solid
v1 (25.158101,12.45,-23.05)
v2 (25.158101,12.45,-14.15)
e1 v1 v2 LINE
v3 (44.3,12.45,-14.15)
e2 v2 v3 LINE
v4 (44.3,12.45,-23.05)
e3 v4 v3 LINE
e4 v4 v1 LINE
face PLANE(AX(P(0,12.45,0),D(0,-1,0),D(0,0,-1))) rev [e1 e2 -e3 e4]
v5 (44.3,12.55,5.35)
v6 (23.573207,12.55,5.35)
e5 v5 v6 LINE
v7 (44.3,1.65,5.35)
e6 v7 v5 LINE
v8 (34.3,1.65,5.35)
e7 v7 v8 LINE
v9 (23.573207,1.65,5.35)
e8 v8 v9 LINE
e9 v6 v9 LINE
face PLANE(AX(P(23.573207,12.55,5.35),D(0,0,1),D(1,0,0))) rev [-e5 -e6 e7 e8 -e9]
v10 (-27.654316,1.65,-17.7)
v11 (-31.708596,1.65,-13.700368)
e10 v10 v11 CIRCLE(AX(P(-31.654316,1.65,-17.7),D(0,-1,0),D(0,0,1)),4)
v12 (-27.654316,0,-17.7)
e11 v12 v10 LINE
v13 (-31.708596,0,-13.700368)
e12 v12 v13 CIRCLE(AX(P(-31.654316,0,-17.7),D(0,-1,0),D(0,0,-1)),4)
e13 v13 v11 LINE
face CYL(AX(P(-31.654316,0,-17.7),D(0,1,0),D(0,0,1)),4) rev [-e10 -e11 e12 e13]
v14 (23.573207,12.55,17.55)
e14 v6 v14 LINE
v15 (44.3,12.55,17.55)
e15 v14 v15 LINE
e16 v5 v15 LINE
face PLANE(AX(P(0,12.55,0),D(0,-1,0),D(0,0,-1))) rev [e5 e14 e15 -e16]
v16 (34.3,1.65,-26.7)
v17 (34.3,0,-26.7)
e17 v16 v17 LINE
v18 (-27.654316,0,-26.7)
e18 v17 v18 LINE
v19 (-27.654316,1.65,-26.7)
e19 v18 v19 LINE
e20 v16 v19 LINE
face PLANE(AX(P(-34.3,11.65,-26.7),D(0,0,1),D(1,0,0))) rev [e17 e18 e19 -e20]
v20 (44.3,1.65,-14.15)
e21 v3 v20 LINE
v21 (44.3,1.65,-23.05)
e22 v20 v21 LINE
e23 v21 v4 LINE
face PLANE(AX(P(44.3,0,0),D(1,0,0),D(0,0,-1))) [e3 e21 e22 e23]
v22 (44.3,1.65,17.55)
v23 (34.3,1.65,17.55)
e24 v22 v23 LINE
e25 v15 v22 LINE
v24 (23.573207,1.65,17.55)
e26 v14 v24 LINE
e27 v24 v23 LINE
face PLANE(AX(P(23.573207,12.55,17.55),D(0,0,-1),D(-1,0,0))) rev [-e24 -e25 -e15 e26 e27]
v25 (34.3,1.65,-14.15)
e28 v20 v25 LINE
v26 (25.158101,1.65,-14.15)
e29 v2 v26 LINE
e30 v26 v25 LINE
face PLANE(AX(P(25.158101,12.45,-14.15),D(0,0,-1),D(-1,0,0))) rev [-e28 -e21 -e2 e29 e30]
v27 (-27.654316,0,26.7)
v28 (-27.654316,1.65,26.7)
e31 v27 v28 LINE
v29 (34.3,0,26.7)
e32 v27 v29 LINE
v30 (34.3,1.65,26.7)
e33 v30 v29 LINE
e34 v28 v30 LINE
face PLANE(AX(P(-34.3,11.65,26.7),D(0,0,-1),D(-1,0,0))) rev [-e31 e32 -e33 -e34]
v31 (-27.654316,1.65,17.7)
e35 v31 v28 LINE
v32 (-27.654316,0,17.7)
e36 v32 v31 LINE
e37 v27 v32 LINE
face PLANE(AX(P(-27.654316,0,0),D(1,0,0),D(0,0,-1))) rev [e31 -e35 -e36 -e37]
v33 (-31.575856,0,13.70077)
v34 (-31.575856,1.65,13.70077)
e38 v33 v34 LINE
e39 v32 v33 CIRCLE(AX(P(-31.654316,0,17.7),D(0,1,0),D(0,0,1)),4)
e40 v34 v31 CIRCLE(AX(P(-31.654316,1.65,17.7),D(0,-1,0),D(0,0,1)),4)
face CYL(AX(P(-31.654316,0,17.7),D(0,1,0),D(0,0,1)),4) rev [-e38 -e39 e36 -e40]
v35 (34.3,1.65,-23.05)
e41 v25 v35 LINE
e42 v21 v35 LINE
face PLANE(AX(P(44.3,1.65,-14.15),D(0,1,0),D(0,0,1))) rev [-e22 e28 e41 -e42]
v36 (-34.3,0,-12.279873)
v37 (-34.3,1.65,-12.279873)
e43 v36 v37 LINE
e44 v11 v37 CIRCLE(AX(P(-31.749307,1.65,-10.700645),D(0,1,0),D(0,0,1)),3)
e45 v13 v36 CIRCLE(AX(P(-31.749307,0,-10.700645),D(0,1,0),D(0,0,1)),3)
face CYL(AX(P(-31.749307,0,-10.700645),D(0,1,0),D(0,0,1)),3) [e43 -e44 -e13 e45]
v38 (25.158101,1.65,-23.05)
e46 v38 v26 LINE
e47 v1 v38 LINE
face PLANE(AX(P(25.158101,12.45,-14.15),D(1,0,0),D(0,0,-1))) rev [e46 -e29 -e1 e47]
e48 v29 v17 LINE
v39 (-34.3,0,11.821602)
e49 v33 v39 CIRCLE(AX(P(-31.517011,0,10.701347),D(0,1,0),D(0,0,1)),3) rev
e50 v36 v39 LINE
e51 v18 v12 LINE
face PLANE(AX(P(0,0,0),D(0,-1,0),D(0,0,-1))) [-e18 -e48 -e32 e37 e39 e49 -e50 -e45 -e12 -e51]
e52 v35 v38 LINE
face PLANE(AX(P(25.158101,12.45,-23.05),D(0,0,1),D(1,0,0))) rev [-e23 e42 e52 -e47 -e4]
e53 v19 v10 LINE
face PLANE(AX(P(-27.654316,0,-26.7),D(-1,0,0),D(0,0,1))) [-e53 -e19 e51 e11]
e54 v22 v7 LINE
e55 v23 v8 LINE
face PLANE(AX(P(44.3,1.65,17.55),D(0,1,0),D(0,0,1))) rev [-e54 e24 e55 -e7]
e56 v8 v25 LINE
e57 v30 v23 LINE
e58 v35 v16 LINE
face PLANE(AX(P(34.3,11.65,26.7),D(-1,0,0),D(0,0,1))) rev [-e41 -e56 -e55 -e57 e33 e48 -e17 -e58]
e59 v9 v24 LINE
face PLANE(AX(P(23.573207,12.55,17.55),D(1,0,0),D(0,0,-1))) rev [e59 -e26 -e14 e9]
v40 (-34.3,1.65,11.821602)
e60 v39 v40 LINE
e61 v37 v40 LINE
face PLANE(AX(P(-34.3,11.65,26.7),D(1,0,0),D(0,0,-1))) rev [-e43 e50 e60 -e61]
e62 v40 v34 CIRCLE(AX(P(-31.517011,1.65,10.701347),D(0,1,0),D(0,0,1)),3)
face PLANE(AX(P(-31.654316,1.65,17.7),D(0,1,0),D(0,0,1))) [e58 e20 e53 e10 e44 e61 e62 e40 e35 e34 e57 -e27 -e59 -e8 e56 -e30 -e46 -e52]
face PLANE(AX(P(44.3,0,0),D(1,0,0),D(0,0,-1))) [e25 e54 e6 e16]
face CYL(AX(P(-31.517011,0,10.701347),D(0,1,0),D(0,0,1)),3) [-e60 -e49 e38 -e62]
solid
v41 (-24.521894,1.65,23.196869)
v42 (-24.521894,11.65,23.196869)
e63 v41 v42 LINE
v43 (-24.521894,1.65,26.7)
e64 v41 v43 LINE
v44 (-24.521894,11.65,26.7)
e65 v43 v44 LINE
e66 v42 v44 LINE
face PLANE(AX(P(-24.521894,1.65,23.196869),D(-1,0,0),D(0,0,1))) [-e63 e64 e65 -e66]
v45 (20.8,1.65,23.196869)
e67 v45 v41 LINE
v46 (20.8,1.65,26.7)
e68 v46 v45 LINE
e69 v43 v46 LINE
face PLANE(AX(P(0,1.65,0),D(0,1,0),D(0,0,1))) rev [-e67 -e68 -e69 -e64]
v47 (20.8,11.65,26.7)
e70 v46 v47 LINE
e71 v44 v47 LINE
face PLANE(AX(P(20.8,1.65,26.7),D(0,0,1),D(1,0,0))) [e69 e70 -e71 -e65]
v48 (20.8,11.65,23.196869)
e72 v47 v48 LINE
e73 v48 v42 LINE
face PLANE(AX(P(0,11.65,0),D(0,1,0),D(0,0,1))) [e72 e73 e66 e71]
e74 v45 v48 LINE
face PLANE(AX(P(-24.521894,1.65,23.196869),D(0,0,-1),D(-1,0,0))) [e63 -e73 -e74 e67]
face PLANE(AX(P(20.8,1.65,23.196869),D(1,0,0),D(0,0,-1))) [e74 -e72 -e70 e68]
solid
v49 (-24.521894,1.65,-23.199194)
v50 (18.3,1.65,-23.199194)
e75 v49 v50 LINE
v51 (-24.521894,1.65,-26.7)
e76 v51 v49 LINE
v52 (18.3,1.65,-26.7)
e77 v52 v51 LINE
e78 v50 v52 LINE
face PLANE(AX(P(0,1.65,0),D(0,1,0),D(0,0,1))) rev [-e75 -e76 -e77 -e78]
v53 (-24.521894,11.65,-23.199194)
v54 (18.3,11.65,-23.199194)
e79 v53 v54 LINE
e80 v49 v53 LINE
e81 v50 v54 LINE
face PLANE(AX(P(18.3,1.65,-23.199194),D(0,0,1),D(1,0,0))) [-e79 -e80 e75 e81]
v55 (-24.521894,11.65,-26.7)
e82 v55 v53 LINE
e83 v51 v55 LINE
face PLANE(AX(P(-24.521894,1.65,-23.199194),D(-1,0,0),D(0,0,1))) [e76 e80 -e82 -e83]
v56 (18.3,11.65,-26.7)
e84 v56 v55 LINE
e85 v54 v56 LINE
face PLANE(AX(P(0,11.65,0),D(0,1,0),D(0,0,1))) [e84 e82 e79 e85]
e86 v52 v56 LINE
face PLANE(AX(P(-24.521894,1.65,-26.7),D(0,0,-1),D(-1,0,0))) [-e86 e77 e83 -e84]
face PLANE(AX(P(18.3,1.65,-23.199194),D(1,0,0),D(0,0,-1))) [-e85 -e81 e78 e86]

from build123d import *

# Parameters (mm, degrees)
SKETCH1_W             = 68.6
SKETCH1_H             = 53.4
BOSS_EXTRUDE1_DEPTH   = 11.65
CUT_EXTRUDE1_DEPTH    = 11.65
CUT_EXTRUDE29_DEPTH   = 10
SKETCH3_W             = 45.321894132
SKETCH3_H             = 3.5031306
BOSS_EXTRUDE2_DEPTH   = 10
SKETCH3_W_2           = 42.821894132
SKETCH3_H_2           = 3.500805672
BOSS_EXTRUDE2_2_DEPTH = 10
SKETCH9_W             = 10.72679272
SKETCH9_H             = 12.2
BOSS_EXTRUDE3_DEPTH   = 10.9
SKETCH10_W            = 12.2
SKETCH10_H            = 10.9
BOSS_EXTRUDE4_DEPTH   = 10
SKETCH11_W            = 9.141898724
SKETCH11_H            = 8.9
BOSS_EXTRUDE5_DEPTH   = 10.8
SKETCH12_W            = 8.9
SKETCH12_H            = 10.8
BOSS_EXTRUDE6_DEPTH   = 10


with BuildPart() as part:
    # Sketch1 → Boss-Extrude1 (new body)
    with BuildSketch(Plane(origin=(0, 0, 0), x_dir=(1, 0, 0), z_dir=(0, 1, 0))):
        Rectangle(SKETCH1_W, SKETCH1_H)
    extrude(amount=BOSS_EXTRUDE1_DEPTH)

    # Sketch2 → Cut-Extrude1 (cut)
    with BuildSketch(Plane(origin=(0, 11.65, 0), x_dir=(1, 0, 0), z_dir=(0, 1, 0))):
        with BuildLine():
            Line((-34.3, -26.7), (-27.654315978, -26.7))
            Line((-27.654315978, -26.7), (-27.654315978, -17.7))
            ThreePointArc((-27.654315978, -17.7), (-28.79828375, -14.89945007), (-31.575855934, -13.700769571))
            ThreePointArc((-31.575855934, -13.700769571), (-33.220484723, -13.170795461), (-34.3, -11.821601932))
            Line((-34.3, -11.821601932), (-34.3, -26.7))
        make_face()
        with BuildLine():
            ThreePointArc((-27.654315978, 17.7), (-28.845145426, 14.852446522), (-31.708596382, 13.700368312))
            ThreePointArc((-31.708596382, 13.700368312), (-33.191338295, 13.331337389), (-34.3, 12.279873349))
            Line((-34.3, 12.279873349), (-34.3, 26.7))
            Line((-34.3, 26.7), (-27.654315978, 26.7))
            Line((-27.654315978, 26.7), (-27.654315978, 17.7))
        make_face()
    extrude(amount=-CUT_EXTRUDE1_DEPTH, mode=Mode.SUBTRACT)

    # Sketch7 → Cut-Extrude29 (cut)
    with BuildSketch(Plane(origin=(0, 11.65, 0), x_dir=(1, 0, 0), z_dir=(0, 1, 0))):
        with BuildLine():
            Line((-27.654315978, -17.7), (-27.654315978, -26.7))
            Line((-27.654315978, -26.7), (34.3, -26.7))
            Line((34.3, -26.7), (34.3, 26.7))
            Line((34.3, 26.7), (-27.654315978, 26.7))
            Line((-27.654315978, 26.7), (-27.654315978, 17.7))
            ThreePointArc((-27.654315978, 17.7), (-28.845145426, 14.852446522), (-31.708596382, 13.700368312))
            ThreePointArc((-31.708596382, 13.700368312), (-33.191338295, 13.331337389), (-34.3, 12.279873349))
            Line((-34.3, 12.279873349), (-34.3, -11.821601932))
            ThreePointArc((-34.3, -11.821601932), (-33.220484723, -13.170795461), (-31.575855934, -13.700769571))
            ThreePointArc((-31.575855934, -13.700769571), (-28.79828375, -14.89945007), (-27.654315978, -17.7))
        make_face()
    extrude(amount=-CUT_EXTRUDE29_DEPTH, mode=Mode.SUBTRACT)

    # Sketch9 → Boss-Extrude3 (add)
    with BuildSketch(Plane(origin=(0, 1.65, 0), x_dir=(1, 0, 0), z_dir=(0, 1, 0))):
        with Locations((28.93660364, -11.45)):
            Rectangle(SKETCH9_W, SKETCH9_H)
    extrude(amount=BOSS_EXTRUDE3_DEPTH)

    # Sketch10 → Boss-Extrude4 (add)
    with BuildSketch(Plane(origin=(34.3, 0, 0), x_dir=(0, 0, -1), z_dir=(1, 0, 0))):
        with Locations((-11.45, 7.1)):
            Rectangle(SKETCH10_W, SKETCH10_H)
    extrude(amount=BOSS_EXTRUDE4_DEPTH)

    # Sketch11 → Boss-Extrude5 (add)
    with BuildSketch(Plane(origin=(0, 1.65, 0), x_dir=(1, 0, 0), z_dir=(0, 1, 0))):
        with Locations((29.729050638, 18.6)):
            Rectangle(SKETCH11_W, SKETCH11_H)
    extrude(amount=BOSS_EXTRUDE5_DEPTH)

    # Sketch12 → Boss-Extrude6 (add)
    with BuildSketch(Plane(origin=(34.3, 0, 0), x_dir=(0, 0, -1), z_dir=(1, 0, 0))):
        with Locations((18.6, 7.05)):
            Rectangle(SKETCH12_W, SKETCH12_H)
    extrude(amount=BOSS_EXTRUDE6_DEPTH)


with BuildPart() as body_2:
    # Sketch3 → Boss-Extrude2 (new body)
    with BuildSketch(Plane(origin=(0, 11.65, 0), x_dir=(1, 0, 0), z_dir=(0, 1, 0))):
        with Locations((-1.860947066, -24.9484347)):
            Rectangle(SKETCH3_W, SKETCH3_H)
    extrude(amount=-BOSS_EXTRUDE2_DEPTH)


with BuildPart() as body_3:
    # Sketch3 → Boss-Extrude2 2 (new body)
    with BuildSketch(Plane(origin=(0, 11.65, 0), x_dir=(1, 0, 0), z_dir=(0, 1, 0))):
        with Locations((-3.110947066, 24.949597164)):
            Rectangle(SKETCH3_W_2, SKETCH3_H_2)
    extrude(amount=-BOSS_EXTRUDE2_2_DEPTH)


solid = Compound([part.part, body_2.part, body_3.part])
